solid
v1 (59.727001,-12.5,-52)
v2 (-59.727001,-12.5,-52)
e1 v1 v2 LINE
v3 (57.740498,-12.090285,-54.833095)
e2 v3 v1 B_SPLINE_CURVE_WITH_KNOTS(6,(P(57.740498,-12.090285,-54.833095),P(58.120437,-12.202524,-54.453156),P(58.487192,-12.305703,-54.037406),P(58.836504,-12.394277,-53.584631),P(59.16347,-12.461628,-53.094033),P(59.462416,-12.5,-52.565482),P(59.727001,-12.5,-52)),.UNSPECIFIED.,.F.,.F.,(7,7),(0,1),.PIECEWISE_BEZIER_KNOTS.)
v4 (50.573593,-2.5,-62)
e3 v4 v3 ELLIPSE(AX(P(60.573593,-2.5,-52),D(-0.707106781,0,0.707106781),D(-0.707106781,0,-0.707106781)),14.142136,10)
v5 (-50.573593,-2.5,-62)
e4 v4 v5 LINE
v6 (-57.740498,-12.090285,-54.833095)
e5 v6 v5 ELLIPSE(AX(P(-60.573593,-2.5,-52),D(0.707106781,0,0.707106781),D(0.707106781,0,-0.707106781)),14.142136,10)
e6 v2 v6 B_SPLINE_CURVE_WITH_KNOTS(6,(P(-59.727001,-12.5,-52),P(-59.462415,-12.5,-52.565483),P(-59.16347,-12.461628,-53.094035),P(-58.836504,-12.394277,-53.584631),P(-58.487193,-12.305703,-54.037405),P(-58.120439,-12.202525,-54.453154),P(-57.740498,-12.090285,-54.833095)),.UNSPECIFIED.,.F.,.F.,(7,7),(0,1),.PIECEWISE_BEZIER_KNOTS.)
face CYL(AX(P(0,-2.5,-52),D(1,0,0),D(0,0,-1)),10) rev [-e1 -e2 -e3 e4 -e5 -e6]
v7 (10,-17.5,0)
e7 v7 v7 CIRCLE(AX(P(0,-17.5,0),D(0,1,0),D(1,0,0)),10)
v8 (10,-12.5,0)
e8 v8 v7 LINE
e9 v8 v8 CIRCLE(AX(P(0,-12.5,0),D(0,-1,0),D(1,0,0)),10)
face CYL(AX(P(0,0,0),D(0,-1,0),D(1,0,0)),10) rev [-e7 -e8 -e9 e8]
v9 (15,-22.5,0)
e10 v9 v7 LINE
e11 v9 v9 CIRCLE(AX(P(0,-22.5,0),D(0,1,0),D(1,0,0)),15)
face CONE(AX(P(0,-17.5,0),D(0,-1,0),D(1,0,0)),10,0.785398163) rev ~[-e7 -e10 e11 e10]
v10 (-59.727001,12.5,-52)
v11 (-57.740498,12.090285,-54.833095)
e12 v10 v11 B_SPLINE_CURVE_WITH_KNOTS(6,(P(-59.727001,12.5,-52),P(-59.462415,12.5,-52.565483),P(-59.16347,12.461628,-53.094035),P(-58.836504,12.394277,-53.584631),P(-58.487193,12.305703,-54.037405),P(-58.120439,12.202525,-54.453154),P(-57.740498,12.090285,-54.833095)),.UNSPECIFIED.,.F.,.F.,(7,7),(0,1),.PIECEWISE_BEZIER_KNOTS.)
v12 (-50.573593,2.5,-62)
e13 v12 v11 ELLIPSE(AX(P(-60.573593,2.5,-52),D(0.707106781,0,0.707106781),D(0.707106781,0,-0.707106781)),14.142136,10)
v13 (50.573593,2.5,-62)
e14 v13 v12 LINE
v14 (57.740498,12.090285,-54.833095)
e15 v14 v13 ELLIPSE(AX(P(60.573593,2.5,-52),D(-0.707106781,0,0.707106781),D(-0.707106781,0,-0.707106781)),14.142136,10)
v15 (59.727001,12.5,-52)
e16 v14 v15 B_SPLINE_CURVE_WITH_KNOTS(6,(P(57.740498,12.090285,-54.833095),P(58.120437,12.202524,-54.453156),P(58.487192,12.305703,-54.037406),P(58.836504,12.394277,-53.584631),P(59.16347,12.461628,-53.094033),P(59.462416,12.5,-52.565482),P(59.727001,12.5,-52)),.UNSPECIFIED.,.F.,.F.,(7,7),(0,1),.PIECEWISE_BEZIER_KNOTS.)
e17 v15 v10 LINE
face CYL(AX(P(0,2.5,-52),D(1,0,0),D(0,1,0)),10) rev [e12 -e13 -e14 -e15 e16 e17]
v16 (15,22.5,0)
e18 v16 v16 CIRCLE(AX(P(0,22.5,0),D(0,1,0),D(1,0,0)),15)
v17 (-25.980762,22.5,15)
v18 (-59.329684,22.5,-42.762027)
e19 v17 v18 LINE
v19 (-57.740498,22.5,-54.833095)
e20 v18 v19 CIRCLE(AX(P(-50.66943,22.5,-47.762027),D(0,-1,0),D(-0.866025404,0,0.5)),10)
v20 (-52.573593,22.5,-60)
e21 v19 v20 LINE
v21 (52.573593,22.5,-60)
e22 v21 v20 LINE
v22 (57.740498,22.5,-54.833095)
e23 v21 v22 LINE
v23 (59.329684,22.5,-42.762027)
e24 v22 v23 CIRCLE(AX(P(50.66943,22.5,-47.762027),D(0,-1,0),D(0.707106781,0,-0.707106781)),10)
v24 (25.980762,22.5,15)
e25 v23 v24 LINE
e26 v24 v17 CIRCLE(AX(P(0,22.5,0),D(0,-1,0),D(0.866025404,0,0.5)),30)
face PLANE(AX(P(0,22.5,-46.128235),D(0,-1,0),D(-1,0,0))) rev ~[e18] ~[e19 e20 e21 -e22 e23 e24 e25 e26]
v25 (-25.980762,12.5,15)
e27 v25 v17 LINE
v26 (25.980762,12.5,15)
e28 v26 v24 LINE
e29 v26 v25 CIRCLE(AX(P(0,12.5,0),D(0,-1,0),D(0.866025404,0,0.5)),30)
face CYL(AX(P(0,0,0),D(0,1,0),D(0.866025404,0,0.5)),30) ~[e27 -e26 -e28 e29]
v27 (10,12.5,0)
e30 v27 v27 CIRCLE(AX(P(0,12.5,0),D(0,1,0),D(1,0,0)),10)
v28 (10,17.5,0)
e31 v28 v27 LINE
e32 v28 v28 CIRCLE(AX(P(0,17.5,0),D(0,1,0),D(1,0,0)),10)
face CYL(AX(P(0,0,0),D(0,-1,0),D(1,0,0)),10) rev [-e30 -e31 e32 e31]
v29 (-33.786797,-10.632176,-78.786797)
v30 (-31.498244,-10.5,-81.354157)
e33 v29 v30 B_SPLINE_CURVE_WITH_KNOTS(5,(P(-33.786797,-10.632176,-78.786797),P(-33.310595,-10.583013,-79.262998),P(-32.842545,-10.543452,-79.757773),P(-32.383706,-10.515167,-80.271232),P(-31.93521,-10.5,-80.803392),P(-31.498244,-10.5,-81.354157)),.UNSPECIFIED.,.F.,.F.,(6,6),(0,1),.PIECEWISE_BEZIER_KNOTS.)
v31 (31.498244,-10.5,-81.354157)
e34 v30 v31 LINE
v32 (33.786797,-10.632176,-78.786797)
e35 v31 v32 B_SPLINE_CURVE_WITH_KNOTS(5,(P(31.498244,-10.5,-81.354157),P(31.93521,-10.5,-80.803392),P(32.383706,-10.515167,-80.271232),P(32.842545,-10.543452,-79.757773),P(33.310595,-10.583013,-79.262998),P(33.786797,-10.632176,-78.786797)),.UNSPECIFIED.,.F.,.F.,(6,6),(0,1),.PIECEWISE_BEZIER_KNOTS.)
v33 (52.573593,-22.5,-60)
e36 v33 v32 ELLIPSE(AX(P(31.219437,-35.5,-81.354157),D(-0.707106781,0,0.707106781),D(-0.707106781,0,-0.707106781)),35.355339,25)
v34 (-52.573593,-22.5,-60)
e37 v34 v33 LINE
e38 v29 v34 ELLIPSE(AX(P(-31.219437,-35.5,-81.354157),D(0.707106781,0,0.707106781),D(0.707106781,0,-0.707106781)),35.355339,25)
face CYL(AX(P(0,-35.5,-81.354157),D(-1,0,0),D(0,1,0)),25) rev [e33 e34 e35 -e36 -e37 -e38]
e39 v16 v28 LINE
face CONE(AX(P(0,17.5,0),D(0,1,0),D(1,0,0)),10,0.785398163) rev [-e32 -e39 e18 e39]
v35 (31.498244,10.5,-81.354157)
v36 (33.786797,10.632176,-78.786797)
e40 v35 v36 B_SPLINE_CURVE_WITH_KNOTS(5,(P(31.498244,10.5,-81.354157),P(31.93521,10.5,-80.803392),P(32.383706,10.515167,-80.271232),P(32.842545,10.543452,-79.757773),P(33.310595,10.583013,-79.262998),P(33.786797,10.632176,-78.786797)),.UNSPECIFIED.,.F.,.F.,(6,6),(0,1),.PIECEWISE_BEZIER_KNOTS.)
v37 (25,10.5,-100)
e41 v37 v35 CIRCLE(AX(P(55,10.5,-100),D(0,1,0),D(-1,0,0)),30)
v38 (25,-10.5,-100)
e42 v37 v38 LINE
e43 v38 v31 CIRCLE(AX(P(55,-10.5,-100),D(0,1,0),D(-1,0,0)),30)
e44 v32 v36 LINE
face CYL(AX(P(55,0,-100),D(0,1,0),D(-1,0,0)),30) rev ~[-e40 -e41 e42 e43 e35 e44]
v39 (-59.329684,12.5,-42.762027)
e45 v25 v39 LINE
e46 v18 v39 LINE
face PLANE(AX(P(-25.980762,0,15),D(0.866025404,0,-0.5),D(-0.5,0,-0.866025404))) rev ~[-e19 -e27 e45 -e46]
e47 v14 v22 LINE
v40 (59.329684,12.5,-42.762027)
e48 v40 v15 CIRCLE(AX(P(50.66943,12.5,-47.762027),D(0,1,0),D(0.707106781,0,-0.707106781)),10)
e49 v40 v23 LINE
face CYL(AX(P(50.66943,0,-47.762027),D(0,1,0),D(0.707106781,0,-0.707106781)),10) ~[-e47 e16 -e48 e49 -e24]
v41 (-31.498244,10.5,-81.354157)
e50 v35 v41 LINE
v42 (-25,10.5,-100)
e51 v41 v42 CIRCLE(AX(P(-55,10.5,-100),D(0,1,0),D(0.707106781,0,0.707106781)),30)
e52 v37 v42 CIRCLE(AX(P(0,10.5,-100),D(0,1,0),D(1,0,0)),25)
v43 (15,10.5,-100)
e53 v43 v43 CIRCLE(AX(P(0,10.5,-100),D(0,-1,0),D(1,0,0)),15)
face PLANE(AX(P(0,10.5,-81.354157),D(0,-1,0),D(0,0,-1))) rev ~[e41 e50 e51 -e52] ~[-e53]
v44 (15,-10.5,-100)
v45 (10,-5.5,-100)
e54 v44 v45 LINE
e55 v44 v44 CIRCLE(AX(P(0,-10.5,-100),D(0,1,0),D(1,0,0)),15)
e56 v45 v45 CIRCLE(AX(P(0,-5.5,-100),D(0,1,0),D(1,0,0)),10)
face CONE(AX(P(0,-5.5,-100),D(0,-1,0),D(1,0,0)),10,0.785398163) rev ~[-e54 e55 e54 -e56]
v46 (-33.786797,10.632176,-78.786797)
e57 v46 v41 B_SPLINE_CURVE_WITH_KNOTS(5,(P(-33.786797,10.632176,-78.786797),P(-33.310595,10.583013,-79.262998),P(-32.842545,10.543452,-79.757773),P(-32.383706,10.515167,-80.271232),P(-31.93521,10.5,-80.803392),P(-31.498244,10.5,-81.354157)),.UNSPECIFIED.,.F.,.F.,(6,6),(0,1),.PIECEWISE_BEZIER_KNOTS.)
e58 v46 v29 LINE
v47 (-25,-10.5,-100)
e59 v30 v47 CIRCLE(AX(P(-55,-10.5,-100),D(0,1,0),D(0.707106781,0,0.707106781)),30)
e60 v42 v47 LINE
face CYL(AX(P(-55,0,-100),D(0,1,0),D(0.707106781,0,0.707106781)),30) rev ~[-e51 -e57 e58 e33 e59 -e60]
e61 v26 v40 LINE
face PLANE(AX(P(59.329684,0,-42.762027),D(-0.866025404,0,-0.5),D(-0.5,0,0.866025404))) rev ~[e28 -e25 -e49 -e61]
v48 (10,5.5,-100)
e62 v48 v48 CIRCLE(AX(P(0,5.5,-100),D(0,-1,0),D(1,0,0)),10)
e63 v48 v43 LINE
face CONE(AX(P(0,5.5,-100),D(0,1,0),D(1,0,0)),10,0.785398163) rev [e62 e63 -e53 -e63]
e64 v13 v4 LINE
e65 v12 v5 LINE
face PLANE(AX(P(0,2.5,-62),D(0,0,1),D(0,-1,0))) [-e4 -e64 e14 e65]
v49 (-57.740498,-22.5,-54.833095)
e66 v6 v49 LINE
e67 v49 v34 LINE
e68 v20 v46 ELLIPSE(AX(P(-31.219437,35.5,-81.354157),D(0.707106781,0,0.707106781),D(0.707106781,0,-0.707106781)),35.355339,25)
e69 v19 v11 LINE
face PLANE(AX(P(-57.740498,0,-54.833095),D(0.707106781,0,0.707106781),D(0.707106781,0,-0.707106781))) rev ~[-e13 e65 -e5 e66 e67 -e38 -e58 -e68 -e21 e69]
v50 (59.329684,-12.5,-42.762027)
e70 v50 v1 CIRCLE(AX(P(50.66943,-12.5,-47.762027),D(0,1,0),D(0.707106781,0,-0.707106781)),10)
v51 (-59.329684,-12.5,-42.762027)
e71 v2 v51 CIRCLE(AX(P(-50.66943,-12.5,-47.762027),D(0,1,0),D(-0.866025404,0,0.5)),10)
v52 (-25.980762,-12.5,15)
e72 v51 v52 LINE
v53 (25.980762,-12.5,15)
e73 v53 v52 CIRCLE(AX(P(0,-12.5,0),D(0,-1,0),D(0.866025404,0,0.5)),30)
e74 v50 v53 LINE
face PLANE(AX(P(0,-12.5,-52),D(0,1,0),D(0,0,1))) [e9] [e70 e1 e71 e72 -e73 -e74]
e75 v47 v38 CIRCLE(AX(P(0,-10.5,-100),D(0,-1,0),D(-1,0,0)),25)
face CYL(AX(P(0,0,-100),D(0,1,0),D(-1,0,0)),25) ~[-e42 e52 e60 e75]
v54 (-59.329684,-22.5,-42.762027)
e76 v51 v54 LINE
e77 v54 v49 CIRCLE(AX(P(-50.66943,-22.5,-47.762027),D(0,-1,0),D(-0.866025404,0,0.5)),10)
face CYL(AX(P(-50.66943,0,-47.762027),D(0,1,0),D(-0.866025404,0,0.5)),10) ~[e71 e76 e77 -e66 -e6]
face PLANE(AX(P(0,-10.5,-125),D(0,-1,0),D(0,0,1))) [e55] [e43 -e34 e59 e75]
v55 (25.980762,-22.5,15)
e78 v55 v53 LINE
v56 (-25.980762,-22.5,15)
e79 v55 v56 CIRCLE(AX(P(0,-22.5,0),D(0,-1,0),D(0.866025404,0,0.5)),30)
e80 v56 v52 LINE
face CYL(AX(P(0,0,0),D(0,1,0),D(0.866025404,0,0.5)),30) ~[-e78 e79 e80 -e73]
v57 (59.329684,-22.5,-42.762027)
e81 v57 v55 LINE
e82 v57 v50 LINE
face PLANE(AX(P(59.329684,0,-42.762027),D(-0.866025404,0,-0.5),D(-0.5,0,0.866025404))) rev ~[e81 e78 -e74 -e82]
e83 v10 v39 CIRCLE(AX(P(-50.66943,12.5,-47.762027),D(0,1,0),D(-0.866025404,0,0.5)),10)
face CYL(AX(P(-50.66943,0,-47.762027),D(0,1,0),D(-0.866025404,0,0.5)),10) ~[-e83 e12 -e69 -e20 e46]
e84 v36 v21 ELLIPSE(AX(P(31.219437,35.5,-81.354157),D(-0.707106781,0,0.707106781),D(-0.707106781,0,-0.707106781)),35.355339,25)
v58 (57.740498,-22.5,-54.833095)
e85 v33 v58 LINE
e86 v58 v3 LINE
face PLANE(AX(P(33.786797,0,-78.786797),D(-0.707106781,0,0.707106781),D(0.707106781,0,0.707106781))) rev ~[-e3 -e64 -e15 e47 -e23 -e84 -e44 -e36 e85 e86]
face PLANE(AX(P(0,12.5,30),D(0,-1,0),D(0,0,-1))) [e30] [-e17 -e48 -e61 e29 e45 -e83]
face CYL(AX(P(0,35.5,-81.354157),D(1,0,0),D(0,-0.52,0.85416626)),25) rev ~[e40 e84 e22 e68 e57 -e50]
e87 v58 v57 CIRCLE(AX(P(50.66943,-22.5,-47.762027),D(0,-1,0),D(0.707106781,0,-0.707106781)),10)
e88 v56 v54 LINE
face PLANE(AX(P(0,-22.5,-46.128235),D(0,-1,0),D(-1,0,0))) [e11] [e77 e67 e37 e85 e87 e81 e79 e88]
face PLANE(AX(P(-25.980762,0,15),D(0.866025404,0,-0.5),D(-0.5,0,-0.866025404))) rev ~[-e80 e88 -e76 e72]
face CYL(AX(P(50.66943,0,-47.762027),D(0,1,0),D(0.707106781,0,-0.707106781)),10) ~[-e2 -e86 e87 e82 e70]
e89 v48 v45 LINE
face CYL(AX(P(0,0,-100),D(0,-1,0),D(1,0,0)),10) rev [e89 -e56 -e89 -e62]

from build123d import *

# Parameters (mm, degrees)
SKETCH1_R               = 10
BOSS_EXTRUDE1_DEPTH     = 22.5
CUT_EXTRUDE1_DEPTH      = 61.66943013
CUT_EXTRUDE1_DEPTH_BACK = 61.66943013
CHAMFER1_SIZE           = 5


with BuildPart() as part:
    # Sketch1 → Boss-Extrude1 (new body, symmetric)
    with BuildSketch(Plane(origin=(0, 0, 0), x_dir=(1, 0, 0), z_dir=(0, 1, 0))):
        with BuildLine():
            Line((-25.980762114, -15), (-59.329684168, 42.762027375))
            ThreePointArc((-59.329684168, 42.762027375), (-60.583878744, 49.067289298), (-57.740497942, 54.833095187))
            Line((-57.740497942, 54.833095187), (-33.786796564, 78.786796564))
            ThreePointArc((-33.786796564, 78.786796564), (-27.283614025, 88.519497029), (-25, 100))
            ThreePointArc((-25, 100), (0, 125), (25, 100))
            ThreePointArc((25, 100), (27.283614025, 88.519497029), (33.786796564, 78.786796564))
            Line((33.786796564, 78.786796564), (57.740497942, 54.833095187))
            ThreePointArc((57.740497942, 54.833095187), (60.583878744, 49.067289298), (59.329684168, 42.762027375))
            Line((59.329684168, 42.762027375), (25.980762114, -15))
            ThreePointArc((25.980762114, -15), (0, -30), (-25.980762114, -15))
        make_face()
        with Locations((0, 100)):
            Circle(SKETCH1_R, mode=Mode.SUBTRACT)
        Circle(SKETCH1_R, mode=Mode.SUBTRACT)
    extrude(amount=BOSS_EXTRUDE1_DEPTH, both=True)

    # Sketch2 → Cut-Extrude1 (cut, two sides)
    with BuildSketch(Plane(origin=(0, 0, 0), x_dir=(0, 0, -1), z_dir=(1, 0, 0))) as cut_extrude1_sk:
        with BuildLine():
            Line((-30, 12.5), (52, 12.5))
            ThreePointArc((52, 12.5), (59.071067812, 9.571067812), (62, 2.5))
            Line((62, 2.5), (62, -2.5))
            ThreePointArc((62, -2.5), (59.071067812, -9.571067812), (52, -12.5))
            Line((52, -12.5), (-30, -12.5))
            Line((-30, -12.5), (-30, 12.5))
        make_face()
        with BuildLine():
            Line((81.354156504, 10.5), (125, 10.5))
            Line((125, 10.5), (125, 22.5))
            Line((125, 22.5), (78.786796564, 22.5))
            Line((78.786796564, 22.5), (60, 22.5))
            ThreePointArc((60, 22.5), (69.10670779, 13.705505282), (81.354156504, 10.5))
        make_face()
        with BuildLine():
            Line((125, -22.5), (125, -10.5))
            Line((125, -10.5), (81.354156504, -10.5))
            ThreePointArc((81.354156504, -10.5), (69.10670779, -13.705505282), (60, -22.5))
            Line((60, -22.5), (78.786796564, -22.5))
            Line((78.786796564, -22.5), (125, -22.5))
        make_face()
    extrude(amount=CUT_EXTRUDE1_DEPTH, mode=Mode.SUBTRACT)
    extrude(cut_extrude1_sk.sketch, amount=-CUT_EXTRUDE1_DEPTH_BACK, mode=Mode.SUBTRACT)

    # Chamfer1
    chamfer1_edges = [part.edges().sort_by_distance(p)[0] for p in [
        (-10, -22.5, 0),
        (-10, 22.5, 0),
        (-10, -10.5, -100),
        (-10, 10.5, -100),
    ]]
    chamfer(chamfer1_edges, length=CHAMFER1_SIZE)


solid = part.part
